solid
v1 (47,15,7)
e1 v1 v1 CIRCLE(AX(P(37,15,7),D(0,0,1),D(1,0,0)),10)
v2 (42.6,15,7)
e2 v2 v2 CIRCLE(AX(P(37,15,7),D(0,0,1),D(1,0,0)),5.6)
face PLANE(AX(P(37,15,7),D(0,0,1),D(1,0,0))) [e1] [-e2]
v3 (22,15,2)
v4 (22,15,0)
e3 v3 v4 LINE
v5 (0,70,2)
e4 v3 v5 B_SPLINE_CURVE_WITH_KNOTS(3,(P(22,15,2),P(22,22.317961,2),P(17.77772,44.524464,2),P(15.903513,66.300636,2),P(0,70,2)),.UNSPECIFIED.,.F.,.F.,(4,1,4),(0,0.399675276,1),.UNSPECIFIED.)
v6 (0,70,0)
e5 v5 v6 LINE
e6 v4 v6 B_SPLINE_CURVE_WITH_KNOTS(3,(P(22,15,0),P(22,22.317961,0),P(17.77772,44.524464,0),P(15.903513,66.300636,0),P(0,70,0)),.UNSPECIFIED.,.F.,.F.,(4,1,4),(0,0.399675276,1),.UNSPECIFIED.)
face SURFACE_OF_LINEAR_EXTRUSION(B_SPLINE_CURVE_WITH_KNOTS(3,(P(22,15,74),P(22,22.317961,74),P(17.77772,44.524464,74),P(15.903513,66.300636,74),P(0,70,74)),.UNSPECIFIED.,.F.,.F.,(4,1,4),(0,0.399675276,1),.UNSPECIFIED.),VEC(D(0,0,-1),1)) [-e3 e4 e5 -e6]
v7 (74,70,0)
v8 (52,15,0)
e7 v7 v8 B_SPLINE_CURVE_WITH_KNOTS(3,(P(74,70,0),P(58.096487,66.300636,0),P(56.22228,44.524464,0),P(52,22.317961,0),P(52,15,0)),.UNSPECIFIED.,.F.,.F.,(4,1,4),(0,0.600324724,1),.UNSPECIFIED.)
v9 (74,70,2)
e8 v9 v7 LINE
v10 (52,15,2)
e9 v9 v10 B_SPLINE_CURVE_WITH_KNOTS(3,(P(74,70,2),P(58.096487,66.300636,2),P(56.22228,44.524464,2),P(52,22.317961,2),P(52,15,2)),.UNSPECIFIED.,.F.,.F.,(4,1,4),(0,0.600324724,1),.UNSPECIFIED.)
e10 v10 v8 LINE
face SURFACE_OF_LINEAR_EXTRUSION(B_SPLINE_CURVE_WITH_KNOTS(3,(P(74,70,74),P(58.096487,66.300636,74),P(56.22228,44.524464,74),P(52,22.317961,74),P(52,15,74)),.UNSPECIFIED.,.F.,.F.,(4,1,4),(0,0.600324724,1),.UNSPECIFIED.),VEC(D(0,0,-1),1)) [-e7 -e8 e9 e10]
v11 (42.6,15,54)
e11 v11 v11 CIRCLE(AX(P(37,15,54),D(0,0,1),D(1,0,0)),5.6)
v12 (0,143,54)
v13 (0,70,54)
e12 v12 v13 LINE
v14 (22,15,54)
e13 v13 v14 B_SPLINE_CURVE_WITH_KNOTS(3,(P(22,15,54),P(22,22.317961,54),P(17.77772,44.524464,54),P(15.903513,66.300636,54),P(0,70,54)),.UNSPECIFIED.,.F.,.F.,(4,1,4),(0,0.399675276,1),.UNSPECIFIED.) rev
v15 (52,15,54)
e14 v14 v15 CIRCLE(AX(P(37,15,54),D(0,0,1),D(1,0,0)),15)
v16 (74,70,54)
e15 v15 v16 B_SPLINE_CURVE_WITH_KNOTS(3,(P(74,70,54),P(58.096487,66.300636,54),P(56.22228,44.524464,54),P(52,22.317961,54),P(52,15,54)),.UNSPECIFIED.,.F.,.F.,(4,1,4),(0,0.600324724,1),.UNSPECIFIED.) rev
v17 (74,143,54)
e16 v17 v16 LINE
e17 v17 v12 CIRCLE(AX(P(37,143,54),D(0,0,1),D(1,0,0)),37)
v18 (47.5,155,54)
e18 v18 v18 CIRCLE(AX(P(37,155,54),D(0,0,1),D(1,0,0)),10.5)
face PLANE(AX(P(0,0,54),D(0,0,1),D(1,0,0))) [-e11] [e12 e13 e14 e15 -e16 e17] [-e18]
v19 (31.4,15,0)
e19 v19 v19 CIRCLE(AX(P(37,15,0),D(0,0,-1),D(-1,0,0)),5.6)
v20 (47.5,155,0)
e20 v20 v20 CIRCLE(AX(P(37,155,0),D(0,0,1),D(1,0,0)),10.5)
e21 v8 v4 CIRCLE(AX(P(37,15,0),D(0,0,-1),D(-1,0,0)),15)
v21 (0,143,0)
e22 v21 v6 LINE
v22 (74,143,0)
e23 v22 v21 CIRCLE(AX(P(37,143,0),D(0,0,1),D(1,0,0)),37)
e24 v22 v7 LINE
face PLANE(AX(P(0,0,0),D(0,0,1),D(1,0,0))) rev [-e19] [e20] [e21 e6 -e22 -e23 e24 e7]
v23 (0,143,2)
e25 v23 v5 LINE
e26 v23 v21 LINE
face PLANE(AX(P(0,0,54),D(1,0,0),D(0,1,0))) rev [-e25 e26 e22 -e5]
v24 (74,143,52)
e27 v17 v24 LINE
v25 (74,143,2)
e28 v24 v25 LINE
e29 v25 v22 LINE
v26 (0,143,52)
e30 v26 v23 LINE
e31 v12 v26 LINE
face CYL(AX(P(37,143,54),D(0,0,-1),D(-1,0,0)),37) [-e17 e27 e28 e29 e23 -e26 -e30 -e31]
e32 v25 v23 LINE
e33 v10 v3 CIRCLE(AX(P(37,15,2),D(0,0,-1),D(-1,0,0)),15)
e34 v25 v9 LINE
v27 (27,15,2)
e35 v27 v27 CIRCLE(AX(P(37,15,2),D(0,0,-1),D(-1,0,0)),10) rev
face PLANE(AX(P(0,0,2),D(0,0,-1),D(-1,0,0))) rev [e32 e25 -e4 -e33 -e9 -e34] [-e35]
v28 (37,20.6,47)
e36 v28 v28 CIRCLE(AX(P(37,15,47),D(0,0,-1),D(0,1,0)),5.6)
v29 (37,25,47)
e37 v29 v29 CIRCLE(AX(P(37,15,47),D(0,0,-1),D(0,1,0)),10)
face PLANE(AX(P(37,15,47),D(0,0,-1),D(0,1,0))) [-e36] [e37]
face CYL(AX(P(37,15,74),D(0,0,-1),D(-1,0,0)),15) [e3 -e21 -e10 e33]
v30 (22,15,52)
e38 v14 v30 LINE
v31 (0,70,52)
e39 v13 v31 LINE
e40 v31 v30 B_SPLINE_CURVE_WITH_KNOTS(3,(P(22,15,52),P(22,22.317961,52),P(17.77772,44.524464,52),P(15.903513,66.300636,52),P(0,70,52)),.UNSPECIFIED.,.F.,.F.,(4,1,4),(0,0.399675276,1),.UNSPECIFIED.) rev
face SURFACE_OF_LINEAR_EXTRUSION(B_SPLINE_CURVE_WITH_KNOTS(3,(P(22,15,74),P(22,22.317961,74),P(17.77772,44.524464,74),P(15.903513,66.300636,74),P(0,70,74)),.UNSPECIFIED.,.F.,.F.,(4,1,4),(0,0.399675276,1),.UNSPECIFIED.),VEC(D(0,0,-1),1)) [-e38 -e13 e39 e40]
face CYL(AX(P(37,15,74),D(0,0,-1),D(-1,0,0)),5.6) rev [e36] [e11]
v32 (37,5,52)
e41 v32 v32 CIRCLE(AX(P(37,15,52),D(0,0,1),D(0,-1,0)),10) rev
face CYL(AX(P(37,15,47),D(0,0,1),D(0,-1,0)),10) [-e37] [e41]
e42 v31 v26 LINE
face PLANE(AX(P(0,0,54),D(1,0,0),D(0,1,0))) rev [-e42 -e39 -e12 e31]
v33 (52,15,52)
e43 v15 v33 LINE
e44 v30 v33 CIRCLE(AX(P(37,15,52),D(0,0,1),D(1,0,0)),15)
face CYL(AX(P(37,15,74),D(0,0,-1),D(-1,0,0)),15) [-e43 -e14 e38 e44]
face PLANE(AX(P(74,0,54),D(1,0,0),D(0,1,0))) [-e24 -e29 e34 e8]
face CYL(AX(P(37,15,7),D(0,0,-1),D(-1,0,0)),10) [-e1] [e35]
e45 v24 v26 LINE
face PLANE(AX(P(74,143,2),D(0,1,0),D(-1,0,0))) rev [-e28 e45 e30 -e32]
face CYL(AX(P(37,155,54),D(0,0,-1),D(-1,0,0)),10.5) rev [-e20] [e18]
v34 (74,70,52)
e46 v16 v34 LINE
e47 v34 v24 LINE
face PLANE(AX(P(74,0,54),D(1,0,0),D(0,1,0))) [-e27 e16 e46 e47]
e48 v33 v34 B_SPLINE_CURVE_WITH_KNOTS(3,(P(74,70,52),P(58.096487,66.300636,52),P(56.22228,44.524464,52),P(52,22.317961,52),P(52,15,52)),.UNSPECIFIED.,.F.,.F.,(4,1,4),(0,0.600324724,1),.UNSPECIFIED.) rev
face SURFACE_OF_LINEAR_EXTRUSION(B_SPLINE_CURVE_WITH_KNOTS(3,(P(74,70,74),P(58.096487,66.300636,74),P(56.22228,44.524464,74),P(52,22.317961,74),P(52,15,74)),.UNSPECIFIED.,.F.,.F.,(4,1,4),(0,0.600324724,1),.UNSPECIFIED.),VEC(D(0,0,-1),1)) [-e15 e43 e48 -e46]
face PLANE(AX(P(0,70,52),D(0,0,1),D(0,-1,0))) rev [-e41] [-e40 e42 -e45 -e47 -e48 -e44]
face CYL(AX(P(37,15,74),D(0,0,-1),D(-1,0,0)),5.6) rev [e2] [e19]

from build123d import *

# Parameters (mm, degrees)
CROQUIS1_R              = 5.6
CROQUIS1_R_2            = 10.5
SALIENTE_EXTRUIR1_DEPTH = 54
CROQUIS6_W              = 54
CROQUIS6_H              = 70
SALIENTE_EXTRUIR3_DEPTH = 74
CORTAR_EXTRUIR13_DEPTH  = 74
CORTAR_EXTRUIR14_DEPTH  = 74
CROQUIS9_W              = 3
CROQUIS9_H              = 11.2
CORTAR_EXTRUIR15_DEPTH  = 74
CROQUIS10_R             = 5.6
CORTAR_EXTRUIR16_DEPTH  = 74
CROQUIS11_R             = 10
CROQUIS11_R_2           = 5.6
SALIENTE_EXTRUIR4_DEPTH = 5
CROQUIS12_R             = 10
CROQUIS12_R_2           = 5.6
SALIENTE_EXTRUIR5_DEPTH = 5
CROQUIS13_W             = 50
CROQUIS13_H             = 73
CORTAR_EXTRUIR17_DEPTH  = 74


with BuildPart() as part:
    # Croquis1 → Saliente-Extruir1 (new body)
    with BuildSketch(Plane.XY):
        with BuildLine():
            Line((0, 143), (0, 70))
            add(Edge.make_bspline(
                [(22, 15), (22, 22.317960933), (17.777719643, 44.524463784), (15.903513438, 66.300635574), (0, 70)],
                knots=[0, 0, 0, 0, 0.399675276, 1, 1, 1, 1], degree=3))
            ThreePointArc((22, 15), (37, 0), (52, 15))
            add(Edge.make_bspline(
                [(52, 15), (52, 22.317960933), (56.222280357, 44.524463784), (58.096486562, 66.300635574), (74, 70)],
                knots=[0, 0, 0, 0, 0.399675276, 1, 1, 1, 1], degree=3))
            Line((74, 70), (74, 143))
            ThreePointArc((74, 143), (37, 180), (0, 143))
        make_face()
        with Locations((37, 15)):
            Circle(CROQUIS1_R, mode=Mode.SUBTRACT)
        with Locations((37, 155)):
            Circle(CROQUIS1_R_2, mode=Mode.SUBTRACT)
    extrude(amount=SALIENTE_EXTRUIR1_DEPTH)

    # Croquis6 → Saliente-Extruir3 (add)
    with BuildSketch(Plane.ZY):
        with Locations((27, 35)):
            Rectangle(CROQUIS6_W, CROQUIS6_H)
    extrude(amount=-SALIENTE_EXTRUIR3_DEPTH)

    # Croquis7 → Cortar-Extruir13 (cut)
    with BuildSketch(Plane(origin=(74, 0, 0), x_dir=(0, 0, -1), z_dir=(1, 0, 0))):
        Polygon((-52, 0), (-2, 0), (-2, 9.4), (-5, 9.4), (-5, 20.6), (-2, 20.6), (-2, 70), (-52, 70), (-52, 20.6), (-49, 20.6), (-49, 9.4), (-52, 9.4), align=None)
    extrude(amount=-CORTAR_EXTRUIR13_DEPTH, mode=Mode.SUBTRACT)

    # Croquis8 → Cortar-Extruir14 (cut)
    with BuildSketch(Plane(origin=(0, 0, 0), x_dir=(-1, 0, 0), z_dir=(0, 0, -1))):
        with BuildLine():
            add(Edge.make_bspline(
                [(-74, 70), (-58.096486562, 66.300635574), (-56.222280357, 44.524463784), (-52, 22.317960933), (-52, 15)],
                knots=[0, 0, 0, 0, 0.600324724, 1, 1, 1, 1], degree=3))
            Line((-74, 70), (-74, 0))
            Line((-74, 0), (-37, 0))
            ThreePointArc((-37, 0), (-47.606601718, 4.393398282), (-52, 15))
        make_face()
        with BuildLine():
            ThreePointArc((-22, 15), (-26.393398282, 4.393398282), (-37, 0))
            Line((-37, 0), (0, 0))
            Line((0, 0), (0, 70))
            add(Edge.make_bspline(
                [(-22, 15), (-22, 22.317960933), (-17.777719643, 44.524463784), (-15.903513438, 66.300635574), (0, 70)],
                knots=[0, 0, 0, 0, 0.399675276, 1, 1, 1, 1], degree=3))
        make_face()
    extrude(amount=-CORTAR_EXTRUIR14_DEPTH, mode=Mode.SUBTRACT)

    # Croquis9 → Cortar-Extruir15 (cut)
    with BuildSketch(Plane(origin=(74, 0, 0), x_dir=(0, 0, -1), z_dir=(1, 0, 0))):
        with Locations((-50.5, 15)):
            Rectangle(CROQUIS9_W, CROQUIS9_H)
        Polygon((-2, 20.6), (-5.198845147, 20.6), (-5, 9.4), (-2, 9.4), align=None)
    extrude(amount=-CORTAR_EXTRUIR15_DEPTH, mode=Mode.SUBTRACT)

    # Croquis10 → Cortar-Extruir16 (cut)
    with BuildSketch(Plane(origin=(0, 0, 0), x_dir=(-1, 0, 0), z_dir=(0, 0, -1))):
        with Locations((-37, 15)):
            Circle(CROQUIS10_R)
    extrude(amount=-CORTAR_EXTRUIR16_DEPTH, mode=Mode.SUBTRACT)

    # Croquis11 → Saliente-Extruir4 (add)
    with BuildSketch(Plane(origin=(0, 0, 52), x_dir=(-1, 0, 0), z_dir=(0, 0, -1))):
        with Locations(Location((-37, 15, 0), (0, 0, 270))):
            Circle(CROQUIS11_R)
        with Locations((-37, 15)):
            Circle(CROQUIS11_R_2, mode=Mode.SUBTRACT)
    extrude(amount=SALIENTE_EXTRUIR4_DEPTH)

    # Croquis12 → Saliente-Extruir5 (add)
    with BuildSketch(Plane.XY.offset(2)):
        with Locations(Location((37, 15, 0), (0, 0, 270))):
            Circle(CROQUIS12_R)
        with Locations(Location((37, 15, 0), (0, 0, 180))):
            Circle(CROQUIS12_R_2, mode=Mode.SUBTRACT)
    extrude(amount=SALIENTE_EXTRUIR5_DEPTH)

    # Croquis13 → Cortar-Extruir17 (cut)
    with BuildSketch(Plane.ZY):
        with Locations((27, 106.5)):
            Rectangle(CROQUIS13_W, CROQUIS13_H)
    extrude(amount=-CORTAR_EXTRUIR17_DEPTH, mode=Mode.SUBTRACT)


solid = part.part
